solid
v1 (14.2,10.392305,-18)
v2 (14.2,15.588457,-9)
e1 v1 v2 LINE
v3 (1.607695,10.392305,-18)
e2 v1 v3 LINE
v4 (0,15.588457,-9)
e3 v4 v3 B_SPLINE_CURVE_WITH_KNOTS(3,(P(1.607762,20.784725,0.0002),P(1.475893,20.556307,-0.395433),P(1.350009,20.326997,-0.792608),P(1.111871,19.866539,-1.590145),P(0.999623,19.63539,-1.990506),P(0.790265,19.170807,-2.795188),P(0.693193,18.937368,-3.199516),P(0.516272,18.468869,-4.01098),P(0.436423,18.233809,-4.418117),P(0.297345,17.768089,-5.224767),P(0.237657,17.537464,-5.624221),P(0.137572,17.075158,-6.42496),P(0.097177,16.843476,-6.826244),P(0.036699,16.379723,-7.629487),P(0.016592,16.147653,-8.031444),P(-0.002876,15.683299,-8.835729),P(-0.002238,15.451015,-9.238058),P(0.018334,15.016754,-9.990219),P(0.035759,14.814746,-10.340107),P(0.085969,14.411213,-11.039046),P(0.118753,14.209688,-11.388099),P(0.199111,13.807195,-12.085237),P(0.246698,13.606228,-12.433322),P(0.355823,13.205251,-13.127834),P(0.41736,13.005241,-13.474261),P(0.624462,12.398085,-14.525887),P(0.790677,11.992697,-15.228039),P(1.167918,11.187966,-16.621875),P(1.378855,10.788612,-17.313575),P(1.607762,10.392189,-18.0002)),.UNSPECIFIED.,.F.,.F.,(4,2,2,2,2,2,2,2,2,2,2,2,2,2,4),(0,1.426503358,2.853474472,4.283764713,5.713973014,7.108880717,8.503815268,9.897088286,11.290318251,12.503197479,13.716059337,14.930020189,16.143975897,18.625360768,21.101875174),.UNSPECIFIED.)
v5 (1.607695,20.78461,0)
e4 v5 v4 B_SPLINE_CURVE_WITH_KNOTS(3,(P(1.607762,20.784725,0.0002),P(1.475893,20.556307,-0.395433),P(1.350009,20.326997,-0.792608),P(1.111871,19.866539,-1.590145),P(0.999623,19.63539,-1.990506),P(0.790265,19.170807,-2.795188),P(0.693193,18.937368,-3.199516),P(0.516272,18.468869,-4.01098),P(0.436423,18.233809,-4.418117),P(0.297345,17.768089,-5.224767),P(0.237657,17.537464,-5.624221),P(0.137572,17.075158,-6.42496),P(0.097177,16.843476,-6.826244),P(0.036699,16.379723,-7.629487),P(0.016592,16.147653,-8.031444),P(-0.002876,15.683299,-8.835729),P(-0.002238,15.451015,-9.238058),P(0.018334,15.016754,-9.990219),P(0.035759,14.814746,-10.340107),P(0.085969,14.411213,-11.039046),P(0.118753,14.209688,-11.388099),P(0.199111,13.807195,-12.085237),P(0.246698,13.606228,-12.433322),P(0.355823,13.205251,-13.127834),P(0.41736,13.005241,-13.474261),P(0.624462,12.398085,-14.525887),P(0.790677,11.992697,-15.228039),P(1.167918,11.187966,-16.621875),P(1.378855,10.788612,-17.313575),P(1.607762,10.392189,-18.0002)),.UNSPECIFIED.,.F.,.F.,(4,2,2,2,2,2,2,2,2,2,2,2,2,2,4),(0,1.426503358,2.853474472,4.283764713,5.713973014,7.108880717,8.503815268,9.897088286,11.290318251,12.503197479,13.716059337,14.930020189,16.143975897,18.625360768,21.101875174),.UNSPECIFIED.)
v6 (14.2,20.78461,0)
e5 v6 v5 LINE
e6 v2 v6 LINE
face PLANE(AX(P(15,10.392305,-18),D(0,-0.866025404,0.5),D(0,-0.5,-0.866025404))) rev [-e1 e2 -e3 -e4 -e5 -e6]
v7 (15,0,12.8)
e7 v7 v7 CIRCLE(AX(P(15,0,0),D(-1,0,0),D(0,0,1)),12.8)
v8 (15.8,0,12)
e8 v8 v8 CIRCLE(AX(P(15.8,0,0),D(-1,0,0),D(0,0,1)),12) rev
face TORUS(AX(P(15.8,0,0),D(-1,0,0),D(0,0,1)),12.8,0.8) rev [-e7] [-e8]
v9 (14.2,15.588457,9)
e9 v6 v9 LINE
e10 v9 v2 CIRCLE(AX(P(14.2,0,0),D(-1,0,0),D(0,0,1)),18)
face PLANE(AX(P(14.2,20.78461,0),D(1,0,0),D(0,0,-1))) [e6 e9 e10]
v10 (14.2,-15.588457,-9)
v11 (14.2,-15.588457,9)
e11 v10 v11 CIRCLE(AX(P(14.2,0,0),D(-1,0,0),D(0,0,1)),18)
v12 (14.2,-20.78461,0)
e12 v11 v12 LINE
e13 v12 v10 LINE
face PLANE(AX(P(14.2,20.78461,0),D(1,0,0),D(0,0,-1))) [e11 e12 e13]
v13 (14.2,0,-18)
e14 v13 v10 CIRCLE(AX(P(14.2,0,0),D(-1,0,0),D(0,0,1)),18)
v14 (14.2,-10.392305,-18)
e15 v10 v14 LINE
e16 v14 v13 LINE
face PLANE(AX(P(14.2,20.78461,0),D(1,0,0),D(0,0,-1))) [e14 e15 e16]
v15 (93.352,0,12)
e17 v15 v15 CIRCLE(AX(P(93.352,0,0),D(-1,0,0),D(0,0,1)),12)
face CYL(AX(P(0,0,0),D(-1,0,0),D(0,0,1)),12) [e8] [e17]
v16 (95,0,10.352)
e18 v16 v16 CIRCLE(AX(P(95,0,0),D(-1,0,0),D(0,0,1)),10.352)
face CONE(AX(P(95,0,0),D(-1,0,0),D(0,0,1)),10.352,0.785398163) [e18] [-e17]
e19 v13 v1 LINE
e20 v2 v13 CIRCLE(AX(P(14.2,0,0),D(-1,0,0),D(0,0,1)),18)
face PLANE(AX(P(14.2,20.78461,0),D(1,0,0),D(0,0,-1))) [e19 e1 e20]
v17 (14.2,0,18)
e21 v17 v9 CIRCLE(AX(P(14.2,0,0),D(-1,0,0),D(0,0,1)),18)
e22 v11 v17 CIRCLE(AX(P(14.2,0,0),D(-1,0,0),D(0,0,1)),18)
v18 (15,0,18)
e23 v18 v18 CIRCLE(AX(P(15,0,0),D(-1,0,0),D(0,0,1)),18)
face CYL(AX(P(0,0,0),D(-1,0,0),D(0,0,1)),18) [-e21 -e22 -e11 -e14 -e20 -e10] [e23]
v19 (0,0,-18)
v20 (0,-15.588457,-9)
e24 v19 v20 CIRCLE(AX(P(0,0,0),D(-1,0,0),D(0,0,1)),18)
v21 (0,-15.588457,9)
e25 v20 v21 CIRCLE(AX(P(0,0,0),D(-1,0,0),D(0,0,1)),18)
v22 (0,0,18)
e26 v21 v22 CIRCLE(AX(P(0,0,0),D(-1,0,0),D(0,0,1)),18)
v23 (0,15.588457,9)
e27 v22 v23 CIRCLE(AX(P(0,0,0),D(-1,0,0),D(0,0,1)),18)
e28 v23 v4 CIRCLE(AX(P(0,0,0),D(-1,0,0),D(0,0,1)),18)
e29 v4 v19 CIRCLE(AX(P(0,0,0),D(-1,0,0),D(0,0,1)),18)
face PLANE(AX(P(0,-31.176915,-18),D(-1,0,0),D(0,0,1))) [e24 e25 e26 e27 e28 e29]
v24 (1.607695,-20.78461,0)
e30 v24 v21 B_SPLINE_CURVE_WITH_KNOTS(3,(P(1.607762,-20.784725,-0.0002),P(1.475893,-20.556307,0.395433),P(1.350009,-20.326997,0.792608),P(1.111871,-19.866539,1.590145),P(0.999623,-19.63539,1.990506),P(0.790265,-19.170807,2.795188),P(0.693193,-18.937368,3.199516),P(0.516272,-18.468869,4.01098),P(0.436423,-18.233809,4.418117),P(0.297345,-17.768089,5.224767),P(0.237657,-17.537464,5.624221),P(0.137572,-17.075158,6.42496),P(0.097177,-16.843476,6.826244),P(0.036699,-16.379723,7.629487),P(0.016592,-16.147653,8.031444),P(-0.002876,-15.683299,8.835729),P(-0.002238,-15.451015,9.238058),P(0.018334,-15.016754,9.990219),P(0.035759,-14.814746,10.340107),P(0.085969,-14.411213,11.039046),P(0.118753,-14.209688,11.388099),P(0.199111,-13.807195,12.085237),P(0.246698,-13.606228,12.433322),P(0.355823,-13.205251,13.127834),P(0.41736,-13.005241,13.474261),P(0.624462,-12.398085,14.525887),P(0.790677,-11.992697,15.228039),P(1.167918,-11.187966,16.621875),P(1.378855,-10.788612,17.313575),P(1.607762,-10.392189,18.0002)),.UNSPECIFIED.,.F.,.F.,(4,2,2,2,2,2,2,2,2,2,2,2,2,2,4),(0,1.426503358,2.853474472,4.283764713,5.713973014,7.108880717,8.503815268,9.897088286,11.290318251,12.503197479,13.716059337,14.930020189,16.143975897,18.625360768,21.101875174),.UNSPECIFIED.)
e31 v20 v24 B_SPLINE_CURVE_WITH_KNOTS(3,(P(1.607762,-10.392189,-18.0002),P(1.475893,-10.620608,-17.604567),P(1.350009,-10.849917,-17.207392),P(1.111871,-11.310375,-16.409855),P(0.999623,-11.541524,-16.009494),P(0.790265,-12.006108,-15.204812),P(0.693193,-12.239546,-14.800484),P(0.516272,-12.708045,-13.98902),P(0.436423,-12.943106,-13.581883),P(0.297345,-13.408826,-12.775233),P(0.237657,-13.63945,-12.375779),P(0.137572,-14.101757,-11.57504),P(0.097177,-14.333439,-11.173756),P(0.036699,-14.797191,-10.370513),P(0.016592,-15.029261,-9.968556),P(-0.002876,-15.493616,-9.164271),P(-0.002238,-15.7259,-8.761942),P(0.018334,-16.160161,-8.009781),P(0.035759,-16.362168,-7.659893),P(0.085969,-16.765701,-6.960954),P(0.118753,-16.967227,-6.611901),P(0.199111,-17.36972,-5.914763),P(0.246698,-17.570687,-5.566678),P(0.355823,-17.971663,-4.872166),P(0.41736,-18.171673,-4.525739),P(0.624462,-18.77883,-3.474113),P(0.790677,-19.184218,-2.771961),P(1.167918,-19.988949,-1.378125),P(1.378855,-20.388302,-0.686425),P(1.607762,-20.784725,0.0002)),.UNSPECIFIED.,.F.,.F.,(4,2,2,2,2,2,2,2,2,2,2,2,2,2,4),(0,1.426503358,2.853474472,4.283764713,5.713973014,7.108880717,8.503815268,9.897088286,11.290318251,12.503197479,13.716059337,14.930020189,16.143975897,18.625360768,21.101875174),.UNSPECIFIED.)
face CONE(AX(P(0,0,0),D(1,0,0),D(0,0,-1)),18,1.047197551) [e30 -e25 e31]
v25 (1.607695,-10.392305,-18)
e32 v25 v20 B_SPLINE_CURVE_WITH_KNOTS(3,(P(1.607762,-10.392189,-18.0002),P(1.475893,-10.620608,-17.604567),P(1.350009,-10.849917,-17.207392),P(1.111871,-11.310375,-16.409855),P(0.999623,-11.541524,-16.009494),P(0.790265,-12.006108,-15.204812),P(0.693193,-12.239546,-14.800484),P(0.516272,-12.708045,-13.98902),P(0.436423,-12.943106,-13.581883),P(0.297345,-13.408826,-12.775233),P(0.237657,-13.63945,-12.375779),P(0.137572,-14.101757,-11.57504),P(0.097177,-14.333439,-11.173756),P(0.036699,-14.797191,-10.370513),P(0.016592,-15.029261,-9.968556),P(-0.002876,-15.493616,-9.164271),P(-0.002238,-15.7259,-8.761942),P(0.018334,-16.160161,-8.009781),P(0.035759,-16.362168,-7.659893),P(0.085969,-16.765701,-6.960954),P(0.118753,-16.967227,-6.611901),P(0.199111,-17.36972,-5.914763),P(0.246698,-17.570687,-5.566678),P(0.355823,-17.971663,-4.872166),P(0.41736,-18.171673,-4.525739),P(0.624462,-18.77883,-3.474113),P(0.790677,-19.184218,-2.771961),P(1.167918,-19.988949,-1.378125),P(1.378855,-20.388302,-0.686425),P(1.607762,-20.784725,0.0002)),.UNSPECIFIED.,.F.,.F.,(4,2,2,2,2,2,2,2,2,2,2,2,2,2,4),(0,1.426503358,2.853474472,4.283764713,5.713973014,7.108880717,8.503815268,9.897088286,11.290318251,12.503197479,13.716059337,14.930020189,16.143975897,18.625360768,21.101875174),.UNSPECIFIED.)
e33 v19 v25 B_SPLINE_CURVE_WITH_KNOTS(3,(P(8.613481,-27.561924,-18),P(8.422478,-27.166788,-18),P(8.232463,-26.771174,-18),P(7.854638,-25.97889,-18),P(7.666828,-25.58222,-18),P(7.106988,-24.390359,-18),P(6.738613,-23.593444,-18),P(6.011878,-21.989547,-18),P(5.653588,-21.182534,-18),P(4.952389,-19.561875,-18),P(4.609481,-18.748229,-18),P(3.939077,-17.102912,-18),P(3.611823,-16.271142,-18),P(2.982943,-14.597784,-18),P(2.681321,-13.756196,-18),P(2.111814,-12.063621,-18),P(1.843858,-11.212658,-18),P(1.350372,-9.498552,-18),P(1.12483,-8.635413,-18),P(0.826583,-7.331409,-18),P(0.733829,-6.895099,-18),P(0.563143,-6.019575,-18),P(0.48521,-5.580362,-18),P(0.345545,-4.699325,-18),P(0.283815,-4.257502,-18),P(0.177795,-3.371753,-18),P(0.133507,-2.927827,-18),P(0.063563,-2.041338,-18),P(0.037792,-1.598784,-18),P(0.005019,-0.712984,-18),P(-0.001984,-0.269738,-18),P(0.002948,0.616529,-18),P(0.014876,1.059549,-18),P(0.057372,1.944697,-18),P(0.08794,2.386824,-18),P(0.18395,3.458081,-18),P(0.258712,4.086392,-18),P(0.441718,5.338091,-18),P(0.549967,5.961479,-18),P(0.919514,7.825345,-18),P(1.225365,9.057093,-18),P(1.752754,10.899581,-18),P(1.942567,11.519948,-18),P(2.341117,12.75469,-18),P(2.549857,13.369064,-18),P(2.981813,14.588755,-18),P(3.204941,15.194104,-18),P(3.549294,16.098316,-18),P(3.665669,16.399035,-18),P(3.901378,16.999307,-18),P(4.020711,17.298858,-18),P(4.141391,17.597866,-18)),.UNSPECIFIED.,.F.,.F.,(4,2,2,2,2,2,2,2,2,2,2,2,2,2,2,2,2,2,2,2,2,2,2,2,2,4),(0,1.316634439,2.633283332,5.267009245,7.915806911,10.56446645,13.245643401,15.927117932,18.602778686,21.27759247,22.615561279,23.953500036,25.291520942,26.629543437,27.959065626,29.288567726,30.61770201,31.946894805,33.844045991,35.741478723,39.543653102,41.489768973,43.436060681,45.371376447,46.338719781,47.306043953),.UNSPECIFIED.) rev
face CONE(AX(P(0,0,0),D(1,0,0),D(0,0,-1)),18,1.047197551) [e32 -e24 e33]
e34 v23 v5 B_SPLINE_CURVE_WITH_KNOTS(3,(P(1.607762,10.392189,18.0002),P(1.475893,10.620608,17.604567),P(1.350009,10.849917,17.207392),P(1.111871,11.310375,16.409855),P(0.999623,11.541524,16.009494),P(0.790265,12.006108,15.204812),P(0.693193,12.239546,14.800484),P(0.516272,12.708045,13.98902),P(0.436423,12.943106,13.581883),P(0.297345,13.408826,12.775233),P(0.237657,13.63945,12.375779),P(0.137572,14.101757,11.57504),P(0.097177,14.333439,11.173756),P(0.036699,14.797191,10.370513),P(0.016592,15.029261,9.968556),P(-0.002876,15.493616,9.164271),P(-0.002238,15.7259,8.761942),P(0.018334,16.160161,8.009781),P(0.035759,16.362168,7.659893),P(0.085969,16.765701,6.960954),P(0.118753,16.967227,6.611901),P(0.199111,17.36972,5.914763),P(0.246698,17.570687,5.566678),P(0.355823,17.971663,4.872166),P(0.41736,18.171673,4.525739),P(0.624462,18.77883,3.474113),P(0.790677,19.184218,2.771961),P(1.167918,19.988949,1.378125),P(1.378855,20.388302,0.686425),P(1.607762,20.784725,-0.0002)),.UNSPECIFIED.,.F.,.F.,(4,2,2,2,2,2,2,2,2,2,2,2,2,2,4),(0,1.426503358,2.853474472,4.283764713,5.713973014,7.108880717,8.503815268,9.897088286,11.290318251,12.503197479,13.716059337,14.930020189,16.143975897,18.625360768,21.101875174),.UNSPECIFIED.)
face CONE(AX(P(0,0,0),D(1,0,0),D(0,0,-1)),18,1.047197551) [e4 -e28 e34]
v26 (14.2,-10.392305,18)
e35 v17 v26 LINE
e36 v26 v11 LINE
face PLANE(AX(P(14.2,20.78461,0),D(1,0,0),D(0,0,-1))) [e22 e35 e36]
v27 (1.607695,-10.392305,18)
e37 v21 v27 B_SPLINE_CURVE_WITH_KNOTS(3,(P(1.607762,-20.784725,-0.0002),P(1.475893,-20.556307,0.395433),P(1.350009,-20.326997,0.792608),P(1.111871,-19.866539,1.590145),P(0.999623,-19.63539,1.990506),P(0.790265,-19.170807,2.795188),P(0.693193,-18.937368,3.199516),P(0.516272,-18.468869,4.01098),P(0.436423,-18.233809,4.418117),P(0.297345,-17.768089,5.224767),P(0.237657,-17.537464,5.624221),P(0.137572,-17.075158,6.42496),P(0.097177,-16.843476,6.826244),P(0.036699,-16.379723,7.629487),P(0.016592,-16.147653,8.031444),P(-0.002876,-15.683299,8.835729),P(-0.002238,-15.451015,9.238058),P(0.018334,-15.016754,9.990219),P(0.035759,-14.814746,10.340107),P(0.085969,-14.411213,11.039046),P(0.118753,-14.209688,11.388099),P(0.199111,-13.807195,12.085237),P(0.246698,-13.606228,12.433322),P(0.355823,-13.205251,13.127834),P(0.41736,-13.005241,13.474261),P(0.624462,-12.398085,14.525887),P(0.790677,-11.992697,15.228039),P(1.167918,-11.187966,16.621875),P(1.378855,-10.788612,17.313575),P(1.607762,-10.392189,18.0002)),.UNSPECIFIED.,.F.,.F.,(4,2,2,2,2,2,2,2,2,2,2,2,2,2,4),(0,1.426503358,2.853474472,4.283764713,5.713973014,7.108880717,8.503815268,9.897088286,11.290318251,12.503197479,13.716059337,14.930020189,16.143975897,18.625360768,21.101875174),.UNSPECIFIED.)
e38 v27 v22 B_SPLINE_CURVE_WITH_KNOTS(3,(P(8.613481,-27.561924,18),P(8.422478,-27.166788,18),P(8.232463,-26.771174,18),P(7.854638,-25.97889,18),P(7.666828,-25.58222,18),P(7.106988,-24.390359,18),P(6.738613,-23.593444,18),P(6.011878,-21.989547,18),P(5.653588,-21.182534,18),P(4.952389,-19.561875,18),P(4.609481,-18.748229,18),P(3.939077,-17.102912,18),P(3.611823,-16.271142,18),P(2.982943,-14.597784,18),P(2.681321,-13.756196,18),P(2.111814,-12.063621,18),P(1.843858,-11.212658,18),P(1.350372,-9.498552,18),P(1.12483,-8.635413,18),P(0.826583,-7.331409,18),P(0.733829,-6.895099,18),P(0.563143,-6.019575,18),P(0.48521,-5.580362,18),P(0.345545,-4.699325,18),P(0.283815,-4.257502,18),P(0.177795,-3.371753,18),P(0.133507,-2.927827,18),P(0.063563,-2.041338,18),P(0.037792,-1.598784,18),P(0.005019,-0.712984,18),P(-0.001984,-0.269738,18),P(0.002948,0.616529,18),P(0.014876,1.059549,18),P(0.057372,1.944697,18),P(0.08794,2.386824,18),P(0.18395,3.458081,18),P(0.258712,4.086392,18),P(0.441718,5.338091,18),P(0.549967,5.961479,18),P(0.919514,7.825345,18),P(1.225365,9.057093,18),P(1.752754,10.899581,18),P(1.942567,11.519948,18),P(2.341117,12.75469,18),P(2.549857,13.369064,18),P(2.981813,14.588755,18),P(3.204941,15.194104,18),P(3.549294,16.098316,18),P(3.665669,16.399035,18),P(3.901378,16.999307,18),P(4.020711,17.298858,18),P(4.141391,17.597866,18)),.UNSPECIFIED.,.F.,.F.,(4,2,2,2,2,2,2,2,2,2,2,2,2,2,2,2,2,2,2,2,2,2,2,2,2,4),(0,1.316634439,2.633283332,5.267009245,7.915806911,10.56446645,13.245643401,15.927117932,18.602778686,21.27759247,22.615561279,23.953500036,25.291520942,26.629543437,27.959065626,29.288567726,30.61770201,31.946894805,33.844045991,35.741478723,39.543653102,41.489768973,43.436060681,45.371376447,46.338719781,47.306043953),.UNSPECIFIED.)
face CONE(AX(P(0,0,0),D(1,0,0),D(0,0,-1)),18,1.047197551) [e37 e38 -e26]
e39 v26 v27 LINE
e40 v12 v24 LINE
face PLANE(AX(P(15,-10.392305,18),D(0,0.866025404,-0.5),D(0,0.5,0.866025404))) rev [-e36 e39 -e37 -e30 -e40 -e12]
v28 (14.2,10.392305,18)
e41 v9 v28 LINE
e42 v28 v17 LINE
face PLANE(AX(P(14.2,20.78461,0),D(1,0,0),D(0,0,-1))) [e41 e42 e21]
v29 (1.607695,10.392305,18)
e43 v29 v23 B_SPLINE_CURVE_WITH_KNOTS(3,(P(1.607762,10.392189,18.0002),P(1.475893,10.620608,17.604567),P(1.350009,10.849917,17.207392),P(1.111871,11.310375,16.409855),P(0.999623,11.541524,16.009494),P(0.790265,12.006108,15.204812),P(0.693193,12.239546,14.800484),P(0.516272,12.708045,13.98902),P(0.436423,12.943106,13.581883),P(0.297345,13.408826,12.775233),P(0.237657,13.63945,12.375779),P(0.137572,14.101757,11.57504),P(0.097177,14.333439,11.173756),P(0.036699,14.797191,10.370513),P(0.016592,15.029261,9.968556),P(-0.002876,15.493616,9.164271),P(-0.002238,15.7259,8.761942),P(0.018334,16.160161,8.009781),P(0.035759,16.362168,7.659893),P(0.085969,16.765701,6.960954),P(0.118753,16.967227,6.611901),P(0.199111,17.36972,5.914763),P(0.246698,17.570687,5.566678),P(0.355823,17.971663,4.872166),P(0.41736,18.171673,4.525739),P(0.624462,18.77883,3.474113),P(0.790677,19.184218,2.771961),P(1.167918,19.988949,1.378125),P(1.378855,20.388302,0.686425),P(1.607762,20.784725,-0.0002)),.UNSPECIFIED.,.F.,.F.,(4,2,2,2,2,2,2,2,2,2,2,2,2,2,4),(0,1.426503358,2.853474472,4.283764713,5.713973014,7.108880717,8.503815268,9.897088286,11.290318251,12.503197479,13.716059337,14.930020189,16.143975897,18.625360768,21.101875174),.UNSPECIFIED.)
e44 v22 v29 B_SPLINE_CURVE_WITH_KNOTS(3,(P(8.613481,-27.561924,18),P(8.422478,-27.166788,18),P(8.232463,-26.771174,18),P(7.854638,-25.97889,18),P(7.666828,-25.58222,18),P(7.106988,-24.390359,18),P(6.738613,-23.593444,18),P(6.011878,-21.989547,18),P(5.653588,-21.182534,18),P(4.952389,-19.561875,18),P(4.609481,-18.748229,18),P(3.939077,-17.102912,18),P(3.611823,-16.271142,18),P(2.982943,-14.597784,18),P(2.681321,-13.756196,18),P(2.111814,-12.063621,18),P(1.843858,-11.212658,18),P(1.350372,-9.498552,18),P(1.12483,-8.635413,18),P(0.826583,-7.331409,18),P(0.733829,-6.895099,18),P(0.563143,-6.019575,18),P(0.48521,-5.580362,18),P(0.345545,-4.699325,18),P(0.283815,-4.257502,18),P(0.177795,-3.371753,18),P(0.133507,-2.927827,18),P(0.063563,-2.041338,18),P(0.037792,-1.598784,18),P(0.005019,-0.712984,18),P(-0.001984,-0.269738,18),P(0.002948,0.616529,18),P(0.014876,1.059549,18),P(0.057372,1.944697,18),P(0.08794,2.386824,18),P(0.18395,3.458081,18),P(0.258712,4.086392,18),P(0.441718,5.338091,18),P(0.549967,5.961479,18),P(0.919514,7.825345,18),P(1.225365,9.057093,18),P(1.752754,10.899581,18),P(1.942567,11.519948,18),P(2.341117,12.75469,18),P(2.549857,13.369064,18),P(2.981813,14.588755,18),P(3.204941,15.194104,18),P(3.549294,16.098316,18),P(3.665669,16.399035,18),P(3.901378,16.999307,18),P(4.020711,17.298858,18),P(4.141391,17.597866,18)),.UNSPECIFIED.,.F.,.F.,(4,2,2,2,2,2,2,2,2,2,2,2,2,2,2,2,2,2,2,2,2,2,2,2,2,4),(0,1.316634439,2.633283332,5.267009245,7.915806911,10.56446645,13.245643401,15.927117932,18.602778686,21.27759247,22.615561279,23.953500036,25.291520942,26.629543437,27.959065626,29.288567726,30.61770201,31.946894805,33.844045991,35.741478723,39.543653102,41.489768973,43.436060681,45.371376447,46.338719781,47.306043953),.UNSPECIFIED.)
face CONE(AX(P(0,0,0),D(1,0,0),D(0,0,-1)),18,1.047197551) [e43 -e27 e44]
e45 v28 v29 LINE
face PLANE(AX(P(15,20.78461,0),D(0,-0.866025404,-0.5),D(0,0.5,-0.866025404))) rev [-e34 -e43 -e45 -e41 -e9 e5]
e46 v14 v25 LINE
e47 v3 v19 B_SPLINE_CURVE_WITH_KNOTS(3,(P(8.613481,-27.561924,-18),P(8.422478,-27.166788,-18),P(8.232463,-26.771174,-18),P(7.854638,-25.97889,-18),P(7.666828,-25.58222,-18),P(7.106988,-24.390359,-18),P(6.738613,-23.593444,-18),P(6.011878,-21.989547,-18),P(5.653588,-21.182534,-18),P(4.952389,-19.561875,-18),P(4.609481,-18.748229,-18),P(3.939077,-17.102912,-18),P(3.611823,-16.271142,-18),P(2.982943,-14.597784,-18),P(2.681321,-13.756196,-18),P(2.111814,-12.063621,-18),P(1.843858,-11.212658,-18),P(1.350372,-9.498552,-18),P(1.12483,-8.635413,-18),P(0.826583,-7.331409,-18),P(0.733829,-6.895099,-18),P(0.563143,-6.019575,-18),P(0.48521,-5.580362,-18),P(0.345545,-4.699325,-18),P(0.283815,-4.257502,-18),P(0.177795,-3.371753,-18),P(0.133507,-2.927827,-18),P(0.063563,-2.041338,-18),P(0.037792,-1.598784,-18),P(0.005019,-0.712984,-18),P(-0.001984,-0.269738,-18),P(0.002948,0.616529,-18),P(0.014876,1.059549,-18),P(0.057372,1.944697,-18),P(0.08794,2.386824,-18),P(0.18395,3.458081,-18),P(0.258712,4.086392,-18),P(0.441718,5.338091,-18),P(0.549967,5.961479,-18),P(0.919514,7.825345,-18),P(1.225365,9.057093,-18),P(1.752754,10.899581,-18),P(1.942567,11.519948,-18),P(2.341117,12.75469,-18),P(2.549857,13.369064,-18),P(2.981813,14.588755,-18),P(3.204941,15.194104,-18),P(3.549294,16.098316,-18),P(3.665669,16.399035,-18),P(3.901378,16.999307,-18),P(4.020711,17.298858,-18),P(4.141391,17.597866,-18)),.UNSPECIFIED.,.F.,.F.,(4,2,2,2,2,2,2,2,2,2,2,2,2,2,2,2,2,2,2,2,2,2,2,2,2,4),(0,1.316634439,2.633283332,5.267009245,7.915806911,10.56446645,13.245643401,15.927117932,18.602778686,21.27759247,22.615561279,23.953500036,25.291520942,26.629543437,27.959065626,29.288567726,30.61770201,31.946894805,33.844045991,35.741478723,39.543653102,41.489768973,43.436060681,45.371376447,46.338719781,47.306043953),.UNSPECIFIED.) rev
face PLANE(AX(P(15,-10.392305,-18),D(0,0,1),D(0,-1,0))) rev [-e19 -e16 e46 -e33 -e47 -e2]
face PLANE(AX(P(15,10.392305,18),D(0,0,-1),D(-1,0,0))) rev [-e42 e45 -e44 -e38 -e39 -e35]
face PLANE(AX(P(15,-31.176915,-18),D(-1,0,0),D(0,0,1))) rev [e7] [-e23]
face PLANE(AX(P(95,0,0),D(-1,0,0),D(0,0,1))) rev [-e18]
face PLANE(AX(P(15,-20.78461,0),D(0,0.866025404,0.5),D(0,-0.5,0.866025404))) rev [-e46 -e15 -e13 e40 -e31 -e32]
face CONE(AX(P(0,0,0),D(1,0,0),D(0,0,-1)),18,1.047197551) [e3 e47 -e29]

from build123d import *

# Parameters (mm, degrees)
BASEHEAD_DEPTH   = 15
BEARINGFACESKE_W = 0.8
BEARINGFACESKE_H = 2.784609691
FILLET_2_R       = 0.8


with BuildPart() as part:
    # BaseHeadSke → BaseHead (new body)
    with BuildSketch(Plane(origin=(0, 0, 0), x_dir=(0, 0, -1), z_dir=(1, 0, 0))):
        Polygon((18, 10.392304845), (0, 20.784609691), (-18, 10.392304845), (-18, -10.392304845), (0, -20.784609691), (18, -10.392304845), align=None)
    extrude(amount=BASEHEAD_DEPTH)

    # BodySke → BaseBody (revolve)
    with BuildSketch(Plane.XY):
        Polygon((0, 0), (95, 0), (95, 10.352), (93.352, 12), (0, 12), align=None)
    revolve(axis=Axis((0, 0, 0), (1, 0, 0)))

    # HeadChamferSke → HeadChamfer (revolve, cut)
    with BuildSketch(Plane.XY):
        Polygon((1.607695155, 20.784609691), (0, 20.784609691), (0, 18), align=None)
    revolve(axis=Axis((0, 0, 0), (1, 0, 0)), mode=Mode.SUBTRACT)

    # BearingFaceSke → BearingFace (revolve, cut)
    with BuildSketch(Plane.XY):
        with Locations((14.6, 19.392304845)):
            Rectangle(BEARINGFACESKE_W, BEARINGFACESKE_H)
    revolve(axis=Axis((0, 0, 0), (1, 0, 0)), mode=Mode.SUBTRACT)

    # Fillet 2
    fillet_2_edges = [part.edges().sort_by_distance(p)[0] for p in [
        (15, -12, 0),
    ]]
    fillet(fillet_2_edges, radius=FILLET_2_R)


solid = part.part
